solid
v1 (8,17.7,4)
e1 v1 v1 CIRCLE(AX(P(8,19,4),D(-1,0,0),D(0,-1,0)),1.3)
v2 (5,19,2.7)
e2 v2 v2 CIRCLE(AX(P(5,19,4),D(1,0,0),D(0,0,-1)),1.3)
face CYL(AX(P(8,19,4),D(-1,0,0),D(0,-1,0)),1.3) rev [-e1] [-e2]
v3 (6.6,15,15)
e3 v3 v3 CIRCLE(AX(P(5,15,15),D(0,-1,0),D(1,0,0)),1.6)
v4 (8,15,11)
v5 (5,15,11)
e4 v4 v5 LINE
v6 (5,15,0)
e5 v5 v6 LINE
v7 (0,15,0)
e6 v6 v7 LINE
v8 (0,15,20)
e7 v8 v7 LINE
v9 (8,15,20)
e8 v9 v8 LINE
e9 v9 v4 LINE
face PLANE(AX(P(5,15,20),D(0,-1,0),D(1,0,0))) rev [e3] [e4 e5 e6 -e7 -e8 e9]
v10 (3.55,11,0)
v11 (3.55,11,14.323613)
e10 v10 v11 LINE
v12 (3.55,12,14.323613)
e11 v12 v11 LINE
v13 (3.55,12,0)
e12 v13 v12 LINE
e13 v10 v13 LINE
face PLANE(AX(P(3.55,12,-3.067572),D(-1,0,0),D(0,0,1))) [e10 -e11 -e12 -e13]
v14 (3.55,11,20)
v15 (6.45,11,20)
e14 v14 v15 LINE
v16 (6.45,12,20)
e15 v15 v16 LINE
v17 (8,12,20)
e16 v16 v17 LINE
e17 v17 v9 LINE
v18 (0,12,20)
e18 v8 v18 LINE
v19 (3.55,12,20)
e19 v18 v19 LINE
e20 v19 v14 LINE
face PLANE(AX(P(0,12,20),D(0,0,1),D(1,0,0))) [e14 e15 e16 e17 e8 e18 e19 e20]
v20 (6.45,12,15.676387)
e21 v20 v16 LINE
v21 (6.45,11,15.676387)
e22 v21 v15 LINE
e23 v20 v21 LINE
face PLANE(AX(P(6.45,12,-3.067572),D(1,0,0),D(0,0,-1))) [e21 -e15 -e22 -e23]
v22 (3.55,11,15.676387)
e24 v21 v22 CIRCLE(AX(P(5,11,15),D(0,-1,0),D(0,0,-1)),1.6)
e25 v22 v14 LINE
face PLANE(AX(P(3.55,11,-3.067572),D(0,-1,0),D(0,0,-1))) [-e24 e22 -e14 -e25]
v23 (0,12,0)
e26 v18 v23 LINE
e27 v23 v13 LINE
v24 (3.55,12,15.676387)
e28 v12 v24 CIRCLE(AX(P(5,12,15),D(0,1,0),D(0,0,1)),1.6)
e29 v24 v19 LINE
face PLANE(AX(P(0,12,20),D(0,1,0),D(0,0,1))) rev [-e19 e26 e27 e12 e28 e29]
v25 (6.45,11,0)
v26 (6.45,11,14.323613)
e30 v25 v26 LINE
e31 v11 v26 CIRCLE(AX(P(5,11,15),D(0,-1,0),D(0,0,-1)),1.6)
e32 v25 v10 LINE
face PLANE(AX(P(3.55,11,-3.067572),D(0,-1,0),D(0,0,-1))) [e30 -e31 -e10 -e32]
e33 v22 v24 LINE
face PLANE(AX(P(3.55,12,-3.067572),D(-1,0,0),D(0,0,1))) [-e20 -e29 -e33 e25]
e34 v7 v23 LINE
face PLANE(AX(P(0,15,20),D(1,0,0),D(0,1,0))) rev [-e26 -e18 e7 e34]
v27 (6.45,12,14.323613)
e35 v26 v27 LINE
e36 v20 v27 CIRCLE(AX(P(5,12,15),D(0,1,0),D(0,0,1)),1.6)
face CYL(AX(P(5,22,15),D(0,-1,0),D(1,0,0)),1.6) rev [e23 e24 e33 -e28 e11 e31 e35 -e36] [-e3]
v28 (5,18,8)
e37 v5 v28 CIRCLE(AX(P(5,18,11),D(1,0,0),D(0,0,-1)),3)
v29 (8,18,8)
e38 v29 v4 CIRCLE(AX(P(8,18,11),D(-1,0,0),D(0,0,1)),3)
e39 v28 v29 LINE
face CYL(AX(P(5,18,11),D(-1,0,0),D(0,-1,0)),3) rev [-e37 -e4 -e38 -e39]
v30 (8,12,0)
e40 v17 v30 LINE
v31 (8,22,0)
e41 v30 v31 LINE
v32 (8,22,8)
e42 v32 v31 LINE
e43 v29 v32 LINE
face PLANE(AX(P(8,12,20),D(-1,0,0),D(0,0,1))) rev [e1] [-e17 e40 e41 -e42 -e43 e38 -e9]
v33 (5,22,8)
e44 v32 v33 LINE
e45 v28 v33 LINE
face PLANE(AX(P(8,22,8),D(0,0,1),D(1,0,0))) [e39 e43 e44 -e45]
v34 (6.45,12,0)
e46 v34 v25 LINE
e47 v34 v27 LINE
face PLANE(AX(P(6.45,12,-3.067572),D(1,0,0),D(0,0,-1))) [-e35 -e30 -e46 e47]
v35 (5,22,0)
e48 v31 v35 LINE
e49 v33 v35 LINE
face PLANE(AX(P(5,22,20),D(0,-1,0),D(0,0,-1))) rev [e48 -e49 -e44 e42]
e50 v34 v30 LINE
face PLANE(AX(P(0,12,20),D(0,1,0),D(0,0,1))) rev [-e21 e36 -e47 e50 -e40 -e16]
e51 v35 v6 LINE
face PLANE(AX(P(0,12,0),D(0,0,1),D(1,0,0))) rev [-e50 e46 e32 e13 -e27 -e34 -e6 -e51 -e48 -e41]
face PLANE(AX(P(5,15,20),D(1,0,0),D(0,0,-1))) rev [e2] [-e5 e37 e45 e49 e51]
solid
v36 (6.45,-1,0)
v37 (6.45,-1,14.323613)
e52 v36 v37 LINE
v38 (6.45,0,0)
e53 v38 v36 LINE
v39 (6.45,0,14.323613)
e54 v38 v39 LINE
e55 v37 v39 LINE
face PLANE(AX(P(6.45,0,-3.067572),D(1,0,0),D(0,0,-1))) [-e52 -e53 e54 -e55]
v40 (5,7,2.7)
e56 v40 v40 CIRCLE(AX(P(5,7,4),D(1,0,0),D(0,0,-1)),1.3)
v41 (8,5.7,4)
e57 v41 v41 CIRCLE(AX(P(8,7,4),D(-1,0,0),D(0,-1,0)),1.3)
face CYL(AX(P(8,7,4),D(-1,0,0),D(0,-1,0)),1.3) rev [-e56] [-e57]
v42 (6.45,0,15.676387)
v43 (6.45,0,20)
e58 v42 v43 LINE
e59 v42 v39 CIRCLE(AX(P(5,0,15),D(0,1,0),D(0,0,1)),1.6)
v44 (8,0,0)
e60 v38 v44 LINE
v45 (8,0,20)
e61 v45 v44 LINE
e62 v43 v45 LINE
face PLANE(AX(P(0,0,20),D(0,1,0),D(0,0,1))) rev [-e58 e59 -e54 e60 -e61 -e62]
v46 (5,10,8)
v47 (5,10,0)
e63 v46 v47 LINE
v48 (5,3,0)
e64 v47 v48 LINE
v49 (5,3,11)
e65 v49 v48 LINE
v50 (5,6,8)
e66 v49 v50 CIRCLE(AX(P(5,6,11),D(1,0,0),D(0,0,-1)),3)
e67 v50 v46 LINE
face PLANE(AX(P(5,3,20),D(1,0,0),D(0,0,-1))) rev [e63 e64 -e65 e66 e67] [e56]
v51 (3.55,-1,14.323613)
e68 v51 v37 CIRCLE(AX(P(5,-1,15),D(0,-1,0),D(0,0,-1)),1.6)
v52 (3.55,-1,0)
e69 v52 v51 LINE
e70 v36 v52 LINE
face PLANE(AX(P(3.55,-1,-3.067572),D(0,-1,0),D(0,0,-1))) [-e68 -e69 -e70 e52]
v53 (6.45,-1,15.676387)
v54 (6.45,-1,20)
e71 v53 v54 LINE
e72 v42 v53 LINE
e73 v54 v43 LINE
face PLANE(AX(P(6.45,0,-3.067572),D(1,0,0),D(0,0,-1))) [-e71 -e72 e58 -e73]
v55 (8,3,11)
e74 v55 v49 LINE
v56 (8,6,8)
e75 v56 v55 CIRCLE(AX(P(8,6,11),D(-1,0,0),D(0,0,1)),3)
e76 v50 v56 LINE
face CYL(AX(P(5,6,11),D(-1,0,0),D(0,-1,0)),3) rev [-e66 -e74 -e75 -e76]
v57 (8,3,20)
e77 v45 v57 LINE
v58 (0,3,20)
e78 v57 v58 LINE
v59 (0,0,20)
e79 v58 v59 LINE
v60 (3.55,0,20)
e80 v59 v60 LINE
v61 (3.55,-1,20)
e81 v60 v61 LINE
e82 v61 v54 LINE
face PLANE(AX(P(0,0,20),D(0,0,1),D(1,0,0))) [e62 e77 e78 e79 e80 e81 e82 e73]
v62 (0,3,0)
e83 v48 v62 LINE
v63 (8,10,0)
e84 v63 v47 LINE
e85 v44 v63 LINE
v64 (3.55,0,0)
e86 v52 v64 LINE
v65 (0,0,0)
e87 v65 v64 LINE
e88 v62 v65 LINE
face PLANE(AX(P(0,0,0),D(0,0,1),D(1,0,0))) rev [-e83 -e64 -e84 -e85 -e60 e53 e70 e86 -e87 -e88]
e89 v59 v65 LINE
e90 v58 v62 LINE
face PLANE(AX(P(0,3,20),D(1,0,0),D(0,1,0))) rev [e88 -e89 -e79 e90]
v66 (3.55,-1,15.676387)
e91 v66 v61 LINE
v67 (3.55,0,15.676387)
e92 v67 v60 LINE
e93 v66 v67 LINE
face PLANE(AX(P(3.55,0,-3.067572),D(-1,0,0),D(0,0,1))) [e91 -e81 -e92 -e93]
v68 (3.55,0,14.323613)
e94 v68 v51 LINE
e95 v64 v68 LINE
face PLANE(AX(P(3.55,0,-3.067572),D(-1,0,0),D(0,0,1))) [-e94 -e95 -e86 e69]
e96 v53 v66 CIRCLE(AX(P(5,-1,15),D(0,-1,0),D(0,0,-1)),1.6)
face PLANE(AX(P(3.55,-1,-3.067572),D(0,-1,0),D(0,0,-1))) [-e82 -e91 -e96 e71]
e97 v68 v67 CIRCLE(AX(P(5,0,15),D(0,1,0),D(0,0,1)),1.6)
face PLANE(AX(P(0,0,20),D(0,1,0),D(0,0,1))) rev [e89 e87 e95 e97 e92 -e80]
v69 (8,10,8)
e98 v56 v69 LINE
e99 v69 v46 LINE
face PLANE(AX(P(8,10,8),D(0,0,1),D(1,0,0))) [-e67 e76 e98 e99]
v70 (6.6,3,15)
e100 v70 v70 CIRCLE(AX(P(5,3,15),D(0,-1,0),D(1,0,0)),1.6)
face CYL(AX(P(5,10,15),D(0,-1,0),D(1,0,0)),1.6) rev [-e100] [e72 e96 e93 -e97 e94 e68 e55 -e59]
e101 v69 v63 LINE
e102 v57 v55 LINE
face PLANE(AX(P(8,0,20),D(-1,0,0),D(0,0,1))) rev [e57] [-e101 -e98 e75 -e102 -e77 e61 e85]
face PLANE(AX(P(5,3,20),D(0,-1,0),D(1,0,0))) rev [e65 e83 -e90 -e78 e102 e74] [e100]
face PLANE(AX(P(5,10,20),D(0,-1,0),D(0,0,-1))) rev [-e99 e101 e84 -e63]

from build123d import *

# Parameters (mm, degrees)
MAIN_DEPTH                 = 20
ESQUISSE2_R                = 1.3
VERTICAL_HOLE_DEPTH        = 1
VERTICAL_HOLE_DEPTH_BACK   = 9
ESQUISSE6_W                = 12
ESQUISSE6_H                = 7
CUT_BORDERS_DEPTH          = 4
ESQUISSE7_W                = 2.9
ESQUISSE7_H                = 1
MAKERBEAMSUPPORT_DEPTH     = 20
ESQUISSE3_R                = 1.6
HORIZONTAL_HOLE_DEPTH      = 10
HORIZONTAL_HOLE_DEPTH_BACK = 8
CONG_1_R                   = 3
LPATTERN1_COUNT            = 2
LPATTERN1_PITCH            = 12


with BuildPart() as part:
    # Esquisse1 → Main (new body)
    with BuildSketch(Plane.XY):
        Polygon((0, 0), (8, 0), (8, 10), (5, 10), (5, 3), (0, 3), align=None)
    extrude(amount=MAIN_DEPTH)

    # Esquisse2 → Vertical Hole (cut, two sides)
    with BuildSketch(Plane.ZY) as vertical_hole_sk:
        with Locations((4, 7)):
            Circle(ESQUISSE2_R)
    extrude(amount=VERTICAL_HOLE_DEPTH, mode=Mode.SUBTRACT)
    extrude(vertical_hole_sk.sketch, amount=-VERTICAL_HOLE_DEPTH_BACK, mode=Mode.SUBTRACT)

    # Esquisse6 → Cut Borders (cut, through all)
    with BuildSketch(Plane(origin=(5, 0, 0), x_dir=(0, 0, -1), z_dir=(1, 0, 0))):
        with Locations((-14, 6.5)):
            Rectangle(ESQUISSE6_W, ESQUISSE6_H)
    extrude(amount=CUT_BORDERS_DEPTH, mode=Mode.SUBTRACT)

    # Esquisse7 → MakerBeamSupport (add)
    with BuildSketch(Plane.XY.offset(20)):
        with Locations((5, -0.5)):
            Rectangle(ESQUISSE7_W, ESQUISSE7_H)
    extrude(amount=-MAKERBEAMSUPPORT_DEPTH)

    # Esquisse3 → Horizontal Hole (cut, two sides)
    with BuildSketch(Plane.XZ.offset(-3)) as horizontal_hole_sk:
        with Locations((5, 15)):
            Circle(ESQUISSE3_R)
    extrude(amount=HORIZONTAL_HOLE_DEPTH, mode=Mode.SUBTRACT)
    extrude(horizontal_hole_sk.sketch, amount=-HORIZONTAL_HOLE_DEPTH_BACK, mode=Mode.SUBTRACT)

    # Congé1
    cong_1_edges = [part.edges().sort_by_distance(p)[0] for p in [
        (6.5, 3, 8),
    ]]
    fillet(cong_1_edges, radius=CONG_1_R)


with BuildPart() as lpattern1_1:
    # LPattern1: pattern copy
    add(part.part.moved(Location(Vector(0, 1, 0) * (1 * LPATTERN1_PITCH))))


solid = Compound([part.part, lpattern1_1.part])
